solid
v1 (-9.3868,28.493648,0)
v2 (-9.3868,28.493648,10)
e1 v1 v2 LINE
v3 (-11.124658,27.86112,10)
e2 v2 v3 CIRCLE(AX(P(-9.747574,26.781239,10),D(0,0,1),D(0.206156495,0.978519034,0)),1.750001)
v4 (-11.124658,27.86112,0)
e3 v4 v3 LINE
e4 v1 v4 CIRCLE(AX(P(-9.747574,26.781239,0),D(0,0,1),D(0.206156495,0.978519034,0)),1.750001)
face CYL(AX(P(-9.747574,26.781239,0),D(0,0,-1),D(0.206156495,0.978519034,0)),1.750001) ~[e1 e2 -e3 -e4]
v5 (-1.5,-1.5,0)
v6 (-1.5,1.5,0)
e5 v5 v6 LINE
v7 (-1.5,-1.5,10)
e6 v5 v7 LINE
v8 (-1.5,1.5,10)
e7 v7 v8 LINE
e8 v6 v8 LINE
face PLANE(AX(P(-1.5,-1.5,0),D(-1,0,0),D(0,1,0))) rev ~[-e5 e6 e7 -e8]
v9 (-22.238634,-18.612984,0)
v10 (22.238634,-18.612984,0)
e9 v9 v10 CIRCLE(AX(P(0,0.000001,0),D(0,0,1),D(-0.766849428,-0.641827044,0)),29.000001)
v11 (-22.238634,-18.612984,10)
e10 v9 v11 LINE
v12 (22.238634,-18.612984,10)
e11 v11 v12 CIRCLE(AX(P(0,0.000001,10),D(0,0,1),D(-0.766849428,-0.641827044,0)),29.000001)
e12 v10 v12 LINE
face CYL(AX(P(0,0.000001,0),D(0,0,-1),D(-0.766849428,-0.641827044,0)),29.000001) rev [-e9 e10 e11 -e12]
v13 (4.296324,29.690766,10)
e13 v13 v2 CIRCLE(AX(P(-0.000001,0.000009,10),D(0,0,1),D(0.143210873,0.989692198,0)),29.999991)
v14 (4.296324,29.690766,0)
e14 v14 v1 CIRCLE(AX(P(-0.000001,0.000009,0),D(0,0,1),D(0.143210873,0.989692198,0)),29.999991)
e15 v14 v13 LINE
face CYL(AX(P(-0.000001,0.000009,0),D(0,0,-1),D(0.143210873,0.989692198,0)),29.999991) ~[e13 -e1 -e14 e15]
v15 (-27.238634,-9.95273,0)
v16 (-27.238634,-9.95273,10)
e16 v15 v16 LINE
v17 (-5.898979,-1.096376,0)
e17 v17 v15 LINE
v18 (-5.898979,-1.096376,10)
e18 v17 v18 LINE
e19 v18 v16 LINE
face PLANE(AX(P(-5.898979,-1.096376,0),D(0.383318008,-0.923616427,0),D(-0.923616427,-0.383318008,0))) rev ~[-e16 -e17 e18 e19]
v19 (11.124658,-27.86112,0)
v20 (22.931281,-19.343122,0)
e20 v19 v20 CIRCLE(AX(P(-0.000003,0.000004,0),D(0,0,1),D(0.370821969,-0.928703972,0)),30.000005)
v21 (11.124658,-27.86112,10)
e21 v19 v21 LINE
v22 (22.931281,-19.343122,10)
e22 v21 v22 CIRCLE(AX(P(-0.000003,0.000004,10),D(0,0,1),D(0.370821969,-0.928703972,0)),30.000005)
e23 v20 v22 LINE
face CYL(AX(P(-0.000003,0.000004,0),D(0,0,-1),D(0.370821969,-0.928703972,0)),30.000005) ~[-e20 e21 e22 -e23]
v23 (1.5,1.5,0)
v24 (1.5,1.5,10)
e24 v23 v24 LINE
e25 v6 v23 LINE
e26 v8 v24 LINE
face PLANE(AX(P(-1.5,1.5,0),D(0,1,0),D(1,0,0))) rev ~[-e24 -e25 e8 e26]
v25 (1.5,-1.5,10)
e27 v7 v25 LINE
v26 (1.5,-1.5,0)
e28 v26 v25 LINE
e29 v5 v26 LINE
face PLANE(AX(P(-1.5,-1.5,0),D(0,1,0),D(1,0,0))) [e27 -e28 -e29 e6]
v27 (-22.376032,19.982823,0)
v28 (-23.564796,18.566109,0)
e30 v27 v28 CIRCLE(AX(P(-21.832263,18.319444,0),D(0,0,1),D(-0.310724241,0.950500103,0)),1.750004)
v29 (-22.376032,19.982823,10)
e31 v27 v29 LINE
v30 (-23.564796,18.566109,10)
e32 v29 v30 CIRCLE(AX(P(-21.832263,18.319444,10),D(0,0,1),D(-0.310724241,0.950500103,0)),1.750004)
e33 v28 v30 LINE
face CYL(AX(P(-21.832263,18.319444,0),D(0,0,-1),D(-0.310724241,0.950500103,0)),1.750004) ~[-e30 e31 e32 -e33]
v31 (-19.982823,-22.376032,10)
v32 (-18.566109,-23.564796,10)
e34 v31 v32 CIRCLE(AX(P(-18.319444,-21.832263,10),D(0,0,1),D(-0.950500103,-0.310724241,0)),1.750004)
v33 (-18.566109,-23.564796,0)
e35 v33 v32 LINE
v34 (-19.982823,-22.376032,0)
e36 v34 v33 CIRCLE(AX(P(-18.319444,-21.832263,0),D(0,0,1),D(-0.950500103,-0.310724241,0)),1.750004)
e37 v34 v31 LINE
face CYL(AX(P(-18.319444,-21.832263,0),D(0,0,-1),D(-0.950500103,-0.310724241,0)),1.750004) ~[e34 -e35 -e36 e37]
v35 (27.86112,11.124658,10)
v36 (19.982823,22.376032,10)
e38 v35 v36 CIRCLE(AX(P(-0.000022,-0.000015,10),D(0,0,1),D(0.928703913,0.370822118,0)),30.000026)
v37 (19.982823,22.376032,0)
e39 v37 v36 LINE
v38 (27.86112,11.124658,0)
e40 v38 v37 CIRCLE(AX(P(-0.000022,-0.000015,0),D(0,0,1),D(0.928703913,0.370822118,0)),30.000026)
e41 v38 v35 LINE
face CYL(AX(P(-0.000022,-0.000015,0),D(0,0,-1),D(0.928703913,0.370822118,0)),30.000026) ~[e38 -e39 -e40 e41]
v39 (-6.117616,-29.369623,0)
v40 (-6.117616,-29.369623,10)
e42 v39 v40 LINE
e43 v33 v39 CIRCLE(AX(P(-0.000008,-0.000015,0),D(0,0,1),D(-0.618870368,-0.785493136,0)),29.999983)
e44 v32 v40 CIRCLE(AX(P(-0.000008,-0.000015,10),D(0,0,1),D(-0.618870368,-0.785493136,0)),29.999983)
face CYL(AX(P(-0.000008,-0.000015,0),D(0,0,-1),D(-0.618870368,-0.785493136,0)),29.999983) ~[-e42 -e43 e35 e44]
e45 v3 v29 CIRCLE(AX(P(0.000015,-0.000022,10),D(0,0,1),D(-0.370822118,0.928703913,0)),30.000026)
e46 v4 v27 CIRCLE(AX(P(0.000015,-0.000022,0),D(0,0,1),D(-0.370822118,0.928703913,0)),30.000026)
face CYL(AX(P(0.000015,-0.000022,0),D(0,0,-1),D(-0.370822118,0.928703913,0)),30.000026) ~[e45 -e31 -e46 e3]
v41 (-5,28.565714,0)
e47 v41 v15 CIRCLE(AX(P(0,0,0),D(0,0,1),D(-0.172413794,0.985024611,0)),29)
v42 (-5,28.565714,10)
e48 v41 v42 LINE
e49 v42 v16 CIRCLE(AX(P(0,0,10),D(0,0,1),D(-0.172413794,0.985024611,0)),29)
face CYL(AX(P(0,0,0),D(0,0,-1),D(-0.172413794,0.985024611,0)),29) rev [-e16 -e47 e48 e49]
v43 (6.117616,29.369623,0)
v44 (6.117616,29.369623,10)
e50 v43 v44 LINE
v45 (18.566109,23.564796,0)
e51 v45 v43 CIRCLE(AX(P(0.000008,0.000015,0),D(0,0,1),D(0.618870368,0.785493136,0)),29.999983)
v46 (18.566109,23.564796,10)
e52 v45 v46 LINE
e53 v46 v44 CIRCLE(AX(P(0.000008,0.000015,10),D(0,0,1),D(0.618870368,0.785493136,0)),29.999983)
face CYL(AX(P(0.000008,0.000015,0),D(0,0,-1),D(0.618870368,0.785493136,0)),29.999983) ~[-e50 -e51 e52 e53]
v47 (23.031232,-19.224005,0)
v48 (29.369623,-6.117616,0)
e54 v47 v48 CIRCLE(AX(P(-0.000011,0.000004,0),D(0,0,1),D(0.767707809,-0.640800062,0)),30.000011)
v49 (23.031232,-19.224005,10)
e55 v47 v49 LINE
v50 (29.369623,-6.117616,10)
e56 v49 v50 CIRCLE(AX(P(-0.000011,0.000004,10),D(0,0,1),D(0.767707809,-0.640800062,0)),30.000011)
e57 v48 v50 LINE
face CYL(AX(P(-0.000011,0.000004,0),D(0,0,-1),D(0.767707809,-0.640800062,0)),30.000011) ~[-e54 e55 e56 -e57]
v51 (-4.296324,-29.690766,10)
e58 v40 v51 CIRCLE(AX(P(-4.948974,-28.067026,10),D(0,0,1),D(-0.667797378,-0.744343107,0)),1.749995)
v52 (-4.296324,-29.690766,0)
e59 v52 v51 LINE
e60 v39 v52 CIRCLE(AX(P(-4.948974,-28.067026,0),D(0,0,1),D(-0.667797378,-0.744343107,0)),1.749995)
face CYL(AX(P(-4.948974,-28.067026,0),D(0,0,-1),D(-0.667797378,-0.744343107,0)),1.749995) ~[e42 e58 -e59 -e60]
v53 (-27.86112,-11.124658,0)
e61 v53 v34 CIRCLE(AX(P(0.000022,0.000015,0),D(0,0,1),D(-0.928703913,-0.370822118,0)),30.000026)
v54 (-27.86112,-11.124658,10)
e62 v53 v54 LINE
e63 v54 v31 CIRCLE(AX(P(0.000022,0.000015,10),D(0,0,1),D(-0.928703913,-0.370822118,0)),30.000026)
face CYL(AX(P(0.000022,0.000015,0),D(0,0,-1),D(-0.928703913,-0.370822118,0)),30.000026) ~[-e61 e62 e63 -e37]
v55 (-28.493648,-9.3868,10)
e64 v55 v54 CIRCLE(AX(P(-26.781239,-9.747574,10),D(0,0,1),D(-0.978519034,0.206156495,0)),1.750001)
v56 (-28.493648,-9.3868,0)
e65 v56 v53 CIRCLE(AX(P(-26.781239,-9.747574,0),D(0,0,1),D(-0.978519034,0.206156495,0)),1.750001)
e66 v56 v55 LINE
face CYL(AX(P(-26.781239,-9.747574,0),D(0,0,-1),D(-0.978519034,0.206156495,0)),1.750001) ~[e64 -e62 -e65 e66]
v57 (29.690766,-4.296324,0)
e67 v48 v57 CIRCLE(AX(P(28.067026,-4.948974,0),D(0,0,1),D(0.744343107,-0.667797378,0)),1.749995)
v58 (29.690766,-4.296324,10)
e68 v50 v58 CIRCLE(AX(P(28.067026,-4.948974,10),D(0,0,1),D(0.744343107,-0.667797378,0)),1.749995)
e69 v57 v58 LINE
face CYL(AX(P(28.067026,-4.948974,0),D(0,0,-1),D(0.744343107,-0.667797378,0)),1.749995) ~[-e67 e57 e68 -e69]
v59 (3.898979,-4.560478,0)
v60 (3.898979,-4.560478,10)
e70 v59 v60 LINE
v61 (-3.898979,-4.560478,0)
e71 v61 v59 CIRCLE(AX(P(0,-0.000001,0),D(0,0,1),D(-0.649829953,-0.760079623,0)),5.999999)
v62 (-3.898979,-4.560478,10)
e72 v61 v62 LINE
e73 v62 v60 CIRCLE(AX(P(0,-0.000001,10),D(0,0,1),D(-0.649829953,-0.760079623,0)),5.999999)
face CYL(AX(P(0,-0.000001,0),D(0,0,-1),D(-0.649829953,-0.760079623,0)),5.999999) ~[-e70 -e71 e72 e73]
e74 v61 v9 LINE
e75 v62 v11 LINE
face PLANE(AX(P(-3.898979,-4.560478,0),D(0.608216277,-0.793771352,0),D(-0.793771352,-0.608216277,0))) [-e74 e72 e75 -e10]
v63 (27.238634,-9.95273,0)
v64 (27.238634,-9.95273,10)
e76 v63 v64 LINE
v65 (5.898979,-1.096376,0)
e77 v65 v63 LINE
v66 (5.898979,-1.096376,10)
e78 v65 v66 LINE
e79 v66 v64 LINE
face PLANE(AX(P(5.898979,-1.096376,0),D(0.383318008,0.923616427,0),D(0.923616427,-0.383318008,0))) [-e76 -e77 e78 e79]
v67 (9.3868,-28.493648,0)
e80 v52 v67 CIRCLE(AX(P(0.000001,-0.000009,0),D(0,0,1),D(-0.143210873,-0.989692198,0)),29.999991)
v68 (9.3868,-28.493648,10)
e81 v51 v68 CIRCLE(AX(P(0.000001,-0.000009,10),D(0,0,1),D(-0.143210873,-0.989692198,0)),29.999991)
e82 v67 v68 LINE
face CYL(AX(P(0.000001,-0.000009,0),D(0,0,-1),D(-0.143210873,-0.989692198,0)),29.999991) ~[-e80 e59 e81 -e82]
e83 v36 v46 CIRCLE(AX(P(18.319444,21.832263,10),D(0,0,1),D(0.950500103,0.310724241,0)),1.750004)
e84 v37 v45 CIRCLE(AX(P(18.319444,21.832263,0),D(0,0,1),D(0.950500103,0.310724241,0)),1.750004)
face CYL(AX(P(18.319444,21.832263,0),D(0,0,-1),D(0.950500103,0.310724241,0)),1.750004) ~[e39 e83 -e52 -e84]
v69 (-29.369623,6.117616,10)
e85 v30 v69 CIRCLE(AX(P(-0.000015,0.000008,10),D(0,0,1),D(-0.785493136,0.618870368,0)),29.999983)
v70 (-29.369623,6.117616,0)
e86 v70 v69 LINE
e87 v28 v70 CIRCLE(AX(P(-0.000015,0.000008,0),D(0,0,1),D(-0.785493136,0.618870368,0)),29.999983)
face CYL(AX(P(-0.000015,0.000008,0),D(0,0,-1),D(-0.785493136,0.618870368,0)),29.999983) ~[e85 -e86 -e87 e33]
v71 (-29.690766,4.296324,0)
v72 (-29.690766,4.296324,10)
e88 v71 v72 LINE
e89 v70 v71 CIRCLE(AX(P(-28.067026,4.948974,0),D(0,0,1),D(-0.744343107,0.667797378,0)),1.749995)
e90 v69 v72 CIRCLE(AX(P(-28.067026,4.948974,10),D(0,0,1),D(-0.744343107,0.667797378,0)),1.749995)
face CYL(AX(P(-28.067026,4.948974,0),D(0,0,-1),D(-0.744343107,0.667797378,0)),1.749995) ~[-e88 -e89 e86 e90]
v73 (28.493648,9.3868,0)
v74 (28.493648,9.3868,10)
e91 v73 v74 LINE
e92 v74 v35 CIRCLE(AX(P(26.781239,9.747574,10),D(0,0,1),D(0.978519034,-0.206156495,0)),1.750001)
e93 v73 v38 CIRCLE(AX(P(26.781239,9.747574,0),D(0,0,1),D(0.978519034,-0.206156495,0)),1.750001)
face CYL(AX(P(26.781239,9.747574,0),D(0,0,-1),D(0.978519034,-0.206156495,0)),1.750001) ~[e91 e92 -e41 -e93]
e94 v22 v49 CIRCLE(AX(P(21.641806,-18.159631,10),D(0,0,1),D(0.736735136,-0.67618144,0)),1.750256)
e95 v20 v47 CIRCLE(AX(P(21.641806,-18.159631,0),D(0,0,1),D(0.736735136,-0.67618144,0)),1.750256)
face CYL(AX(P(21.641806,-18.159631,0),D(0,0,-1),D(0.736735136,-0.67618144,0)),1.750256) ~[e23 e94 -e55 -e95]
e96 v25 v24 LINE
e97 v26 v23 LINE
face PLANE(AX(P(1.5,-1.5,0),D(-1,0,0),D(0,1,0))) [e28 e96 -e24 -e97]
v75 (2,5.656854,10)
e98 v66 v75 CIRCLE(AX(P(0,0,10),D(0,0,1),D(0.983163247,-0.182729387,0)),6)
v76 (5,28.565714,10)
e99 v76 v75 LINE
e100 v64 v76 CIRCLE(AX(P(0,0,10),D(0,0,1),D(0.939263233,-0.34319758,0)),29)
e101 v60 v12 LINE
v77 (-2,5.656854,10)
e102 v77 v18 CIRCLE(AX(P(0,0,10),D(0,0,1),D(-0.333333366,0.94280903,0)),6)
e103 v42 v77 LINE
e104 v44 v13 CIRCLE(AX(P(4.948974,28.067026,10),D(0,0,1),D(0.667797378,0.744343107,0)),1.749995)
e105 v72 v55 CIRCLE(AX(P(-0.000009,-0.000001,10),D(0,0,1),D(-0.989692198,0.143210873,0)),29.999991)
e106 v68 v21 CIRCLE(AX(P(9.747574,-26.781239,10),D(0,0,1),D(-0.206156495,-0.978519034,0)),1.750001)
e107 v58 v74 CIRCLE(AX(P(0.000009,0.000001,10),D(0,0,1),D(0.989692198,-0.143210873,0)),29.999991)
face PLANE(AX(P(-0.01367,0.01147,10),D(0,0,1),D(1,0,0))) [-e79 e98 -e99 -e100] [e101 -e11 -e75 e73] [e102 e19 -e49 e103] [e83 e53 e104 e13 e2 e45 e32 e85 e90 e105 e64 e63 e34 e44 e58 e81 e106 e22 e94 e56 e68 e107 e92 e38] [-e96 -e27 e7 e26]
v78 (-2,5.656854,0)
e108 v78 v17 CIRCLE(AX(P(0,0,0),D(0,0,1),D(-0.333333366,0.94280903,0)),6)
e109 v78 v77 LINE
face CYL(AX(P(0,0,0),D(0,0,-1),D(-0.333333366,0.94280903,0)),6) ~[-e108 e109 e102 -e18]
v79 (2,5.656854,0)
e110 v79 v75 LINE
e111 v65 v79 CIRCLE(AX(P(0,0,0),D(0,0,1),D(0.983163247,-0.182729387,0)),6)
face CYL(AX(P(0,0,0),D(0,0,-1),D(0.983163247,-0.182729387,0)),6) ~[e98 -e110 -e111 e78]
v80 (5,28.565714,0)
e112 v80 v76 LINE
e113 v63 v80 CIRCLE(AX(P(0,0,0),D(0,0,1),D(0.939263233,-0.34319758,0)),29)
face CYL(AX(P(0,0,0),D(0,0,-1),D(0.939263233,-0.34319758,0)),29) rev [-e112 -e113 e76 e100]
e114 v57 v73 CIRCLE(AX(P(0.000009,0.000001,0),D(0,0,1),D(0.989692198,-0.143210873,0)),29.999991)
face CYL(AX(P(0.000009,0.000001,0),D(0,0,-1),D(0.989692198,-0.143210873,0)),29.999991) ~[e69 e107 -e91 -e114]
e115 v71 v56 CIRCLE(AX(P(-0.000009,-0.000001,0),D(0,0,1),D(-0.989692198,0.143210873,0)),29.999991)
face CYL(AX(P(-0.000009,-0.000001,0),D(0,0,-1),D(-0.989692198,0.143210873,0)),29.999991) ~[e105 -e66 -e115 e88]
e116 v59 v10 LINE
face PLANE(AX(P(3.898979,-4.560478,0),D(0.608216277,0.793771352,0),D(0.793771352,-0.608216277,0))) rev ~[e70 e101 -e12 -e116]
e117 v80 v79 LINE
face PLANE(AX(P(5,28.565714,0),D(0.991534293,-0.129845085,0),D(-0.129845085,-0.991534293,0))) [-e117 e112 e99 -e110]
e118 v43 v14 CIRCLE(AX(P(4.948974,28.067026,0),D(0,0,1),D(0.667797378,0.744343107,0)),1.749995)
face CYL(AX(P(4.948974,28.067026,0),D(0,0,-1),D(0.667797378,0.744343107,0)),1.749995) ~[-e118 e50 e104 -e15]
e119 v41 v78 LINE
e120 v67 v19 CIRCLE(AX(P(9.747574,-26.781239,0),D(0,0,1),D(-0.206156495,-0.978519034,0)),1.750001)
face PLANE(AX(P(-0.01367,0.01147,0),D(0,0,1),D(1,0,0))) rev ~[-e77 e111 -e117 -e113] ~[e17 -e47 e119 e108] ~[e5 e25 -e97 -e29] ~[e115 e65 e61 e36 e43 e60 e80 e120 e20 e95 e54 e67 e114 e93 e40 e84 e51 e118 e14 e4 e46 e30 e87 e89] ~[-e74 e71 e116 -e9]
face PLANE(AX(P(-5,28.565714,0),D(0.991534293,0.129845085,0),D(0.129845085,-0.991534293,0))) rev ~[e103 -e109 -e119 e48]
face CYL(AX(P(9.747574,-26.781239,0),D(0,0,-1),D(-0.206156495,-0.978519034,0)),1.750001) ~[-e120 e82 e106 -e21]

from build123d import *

# Parameters (mm, degrees)
SKETCH_W  = 3
SKETCH_H  = 3
PAD_DEPTH = 10


with BuildPart() as part:
    # Sketch → Pad (new body)
    with BuildSketch(Plane.XY):
        with BuildLine():
            ThreePointArc((29.690766, -4.296324), (29.885841, 2.614672), (28.493648, 9.3868))
            ThreePointArc((28.493648, 9.3868), (28.425702, 10.346109), (27.86112, 11.124658))
            ThreePointArc((27.86112, 11.124658), (24.574561, 17.207293), (19.982823, 22.376032))
            ThreePointArc((19.982823, 22.376032), (19.444325, 23.172844), (18.566109, 23.564796))
            ThreePointArc((18.566109, 23.564796), (12.678548, 27.189234), (6.117616, 29.369623))
            ThreePointArc((6.117616, 29.369623), (5.252857, 29.790435), (4.296324, 29.690766))
            ThreePointArc((4.296324, 29.690766), (-2.614672, 29.885841), (-9.3868, 28.493648))
            ThreePointArc((-9.3868, 28.493648), (-10.346109, 28.425702), (-11.124658, 27.86112))
            ThreePointArc((-11.124658, 27.86112), (-17.207293, 24.574561), (-22.376032, 19.982823))
            ThreePointArc((-22.376032, 19.982823), (-23.172844, 19.444325), (-23.564796, 18.566109))
            ThreePointArc((-23.564796, 18.566109), (-27.189234, 12.678548), (-29.369623, 6.117616))
            ThreePointArc((-29.369623, 6.117616), (-29.790435, 5.252857), (-29.690766, 4.296324))
            ThreePointArc((-29.690766, 4.296324), (-29.885841, -2.614672), (-28.493648, -9.3868))
            ThreePointArc((-28.493648, -9.3868), (-28.425702, -10.346109), (-27.86112, -11.124658))
            ThreePointArc((-27.86112, -11.124658), (-24.574561, -17.207293), (-19.982823, -22.376032))
            ThreePointArc((-19.982823, -22.376032), (-19.444325, -23.172844), (-18.566109, -23.564796))
            ThreePointArc((-18.566109, -23.564796), (-12.678548, -27.189234), (-6.117616, -29.369623))
            ThreePointArc((-6.117616, -29.369623), (-5.252857, -29.790435), (-4.296324, -29.690766))
            ThreePointArc((-4.296324, -29.690766), (2.614672, -29.885841), (9.3868, -28.493648))
            ThreePointArc((9.3868, -28.493648), (10.346109, -28.425702), (11.124658, -27.86112))
            ThreePointArc((11.124658, -27.86112), (17.552516, -24.329184), (22.931281, -19.343122))
            ThreePointArc((22.931281, -19.343122), (22.98258, -19.284674), (23.031232, -19.224005))
            ThreePointArc((23.031232, -19.224005), (27.007531, -13.061135), (29.369623, -6.117616))
            ThreePointArc((29.369623, -6.117616), (29.790435, -5.252857), (29.690766, -4.296324))
        make_face()
        with BuildLine():
            ThreePointArc((27.238634, -9.95273), (25.114737, 14.5), (5, 28.565714))
            Line((5, 28.565714), (2, 5.656854))
            ThreePointArc((5.898979, -1.096376), (5.196152, 3), (2, 5.656854))
            Line((5.898979, -1.096376), (27.238634, -9.95273))
        make_face(mode=Mode.SUBTRACT)
        with BuildLine():
            ThreePointArc((-22.238634, -18.612984), (0, -29), (22.238634, -18.612984))
            Line((3.898979, -4.560478), (22.238634, -18.612984))
            ThreePointArc((-3.898979, -4.560478), (0, -6), (3.898979, -4.560478))
            Line((-3.898979, -4.560478), (-22.238634, -18.612984))
        make_face(mode=Mode.SUBTRACT)
        with BuildLine():
            ThreePointArc((-5, 28.565714), (-25.114737, 14.5), (-27.238634, -9.95273))
            Line((-5.898979, -1.096376), (-27.238634, -9.95273))
            ThreePointArc((-2, 5.656854), (-5.196152, 3), (-5.898979, -1.096376))
            Line((-5, 28.565714), (-2, 5.656854))
        make_face(mode=Mode.SUBTRACT)
        Rectangle(SKETCH_W, SKETCH_H, mode=Mode.SUBTRACT)
    extrude(amount=PAD_DEPTH)


solid = part.part
